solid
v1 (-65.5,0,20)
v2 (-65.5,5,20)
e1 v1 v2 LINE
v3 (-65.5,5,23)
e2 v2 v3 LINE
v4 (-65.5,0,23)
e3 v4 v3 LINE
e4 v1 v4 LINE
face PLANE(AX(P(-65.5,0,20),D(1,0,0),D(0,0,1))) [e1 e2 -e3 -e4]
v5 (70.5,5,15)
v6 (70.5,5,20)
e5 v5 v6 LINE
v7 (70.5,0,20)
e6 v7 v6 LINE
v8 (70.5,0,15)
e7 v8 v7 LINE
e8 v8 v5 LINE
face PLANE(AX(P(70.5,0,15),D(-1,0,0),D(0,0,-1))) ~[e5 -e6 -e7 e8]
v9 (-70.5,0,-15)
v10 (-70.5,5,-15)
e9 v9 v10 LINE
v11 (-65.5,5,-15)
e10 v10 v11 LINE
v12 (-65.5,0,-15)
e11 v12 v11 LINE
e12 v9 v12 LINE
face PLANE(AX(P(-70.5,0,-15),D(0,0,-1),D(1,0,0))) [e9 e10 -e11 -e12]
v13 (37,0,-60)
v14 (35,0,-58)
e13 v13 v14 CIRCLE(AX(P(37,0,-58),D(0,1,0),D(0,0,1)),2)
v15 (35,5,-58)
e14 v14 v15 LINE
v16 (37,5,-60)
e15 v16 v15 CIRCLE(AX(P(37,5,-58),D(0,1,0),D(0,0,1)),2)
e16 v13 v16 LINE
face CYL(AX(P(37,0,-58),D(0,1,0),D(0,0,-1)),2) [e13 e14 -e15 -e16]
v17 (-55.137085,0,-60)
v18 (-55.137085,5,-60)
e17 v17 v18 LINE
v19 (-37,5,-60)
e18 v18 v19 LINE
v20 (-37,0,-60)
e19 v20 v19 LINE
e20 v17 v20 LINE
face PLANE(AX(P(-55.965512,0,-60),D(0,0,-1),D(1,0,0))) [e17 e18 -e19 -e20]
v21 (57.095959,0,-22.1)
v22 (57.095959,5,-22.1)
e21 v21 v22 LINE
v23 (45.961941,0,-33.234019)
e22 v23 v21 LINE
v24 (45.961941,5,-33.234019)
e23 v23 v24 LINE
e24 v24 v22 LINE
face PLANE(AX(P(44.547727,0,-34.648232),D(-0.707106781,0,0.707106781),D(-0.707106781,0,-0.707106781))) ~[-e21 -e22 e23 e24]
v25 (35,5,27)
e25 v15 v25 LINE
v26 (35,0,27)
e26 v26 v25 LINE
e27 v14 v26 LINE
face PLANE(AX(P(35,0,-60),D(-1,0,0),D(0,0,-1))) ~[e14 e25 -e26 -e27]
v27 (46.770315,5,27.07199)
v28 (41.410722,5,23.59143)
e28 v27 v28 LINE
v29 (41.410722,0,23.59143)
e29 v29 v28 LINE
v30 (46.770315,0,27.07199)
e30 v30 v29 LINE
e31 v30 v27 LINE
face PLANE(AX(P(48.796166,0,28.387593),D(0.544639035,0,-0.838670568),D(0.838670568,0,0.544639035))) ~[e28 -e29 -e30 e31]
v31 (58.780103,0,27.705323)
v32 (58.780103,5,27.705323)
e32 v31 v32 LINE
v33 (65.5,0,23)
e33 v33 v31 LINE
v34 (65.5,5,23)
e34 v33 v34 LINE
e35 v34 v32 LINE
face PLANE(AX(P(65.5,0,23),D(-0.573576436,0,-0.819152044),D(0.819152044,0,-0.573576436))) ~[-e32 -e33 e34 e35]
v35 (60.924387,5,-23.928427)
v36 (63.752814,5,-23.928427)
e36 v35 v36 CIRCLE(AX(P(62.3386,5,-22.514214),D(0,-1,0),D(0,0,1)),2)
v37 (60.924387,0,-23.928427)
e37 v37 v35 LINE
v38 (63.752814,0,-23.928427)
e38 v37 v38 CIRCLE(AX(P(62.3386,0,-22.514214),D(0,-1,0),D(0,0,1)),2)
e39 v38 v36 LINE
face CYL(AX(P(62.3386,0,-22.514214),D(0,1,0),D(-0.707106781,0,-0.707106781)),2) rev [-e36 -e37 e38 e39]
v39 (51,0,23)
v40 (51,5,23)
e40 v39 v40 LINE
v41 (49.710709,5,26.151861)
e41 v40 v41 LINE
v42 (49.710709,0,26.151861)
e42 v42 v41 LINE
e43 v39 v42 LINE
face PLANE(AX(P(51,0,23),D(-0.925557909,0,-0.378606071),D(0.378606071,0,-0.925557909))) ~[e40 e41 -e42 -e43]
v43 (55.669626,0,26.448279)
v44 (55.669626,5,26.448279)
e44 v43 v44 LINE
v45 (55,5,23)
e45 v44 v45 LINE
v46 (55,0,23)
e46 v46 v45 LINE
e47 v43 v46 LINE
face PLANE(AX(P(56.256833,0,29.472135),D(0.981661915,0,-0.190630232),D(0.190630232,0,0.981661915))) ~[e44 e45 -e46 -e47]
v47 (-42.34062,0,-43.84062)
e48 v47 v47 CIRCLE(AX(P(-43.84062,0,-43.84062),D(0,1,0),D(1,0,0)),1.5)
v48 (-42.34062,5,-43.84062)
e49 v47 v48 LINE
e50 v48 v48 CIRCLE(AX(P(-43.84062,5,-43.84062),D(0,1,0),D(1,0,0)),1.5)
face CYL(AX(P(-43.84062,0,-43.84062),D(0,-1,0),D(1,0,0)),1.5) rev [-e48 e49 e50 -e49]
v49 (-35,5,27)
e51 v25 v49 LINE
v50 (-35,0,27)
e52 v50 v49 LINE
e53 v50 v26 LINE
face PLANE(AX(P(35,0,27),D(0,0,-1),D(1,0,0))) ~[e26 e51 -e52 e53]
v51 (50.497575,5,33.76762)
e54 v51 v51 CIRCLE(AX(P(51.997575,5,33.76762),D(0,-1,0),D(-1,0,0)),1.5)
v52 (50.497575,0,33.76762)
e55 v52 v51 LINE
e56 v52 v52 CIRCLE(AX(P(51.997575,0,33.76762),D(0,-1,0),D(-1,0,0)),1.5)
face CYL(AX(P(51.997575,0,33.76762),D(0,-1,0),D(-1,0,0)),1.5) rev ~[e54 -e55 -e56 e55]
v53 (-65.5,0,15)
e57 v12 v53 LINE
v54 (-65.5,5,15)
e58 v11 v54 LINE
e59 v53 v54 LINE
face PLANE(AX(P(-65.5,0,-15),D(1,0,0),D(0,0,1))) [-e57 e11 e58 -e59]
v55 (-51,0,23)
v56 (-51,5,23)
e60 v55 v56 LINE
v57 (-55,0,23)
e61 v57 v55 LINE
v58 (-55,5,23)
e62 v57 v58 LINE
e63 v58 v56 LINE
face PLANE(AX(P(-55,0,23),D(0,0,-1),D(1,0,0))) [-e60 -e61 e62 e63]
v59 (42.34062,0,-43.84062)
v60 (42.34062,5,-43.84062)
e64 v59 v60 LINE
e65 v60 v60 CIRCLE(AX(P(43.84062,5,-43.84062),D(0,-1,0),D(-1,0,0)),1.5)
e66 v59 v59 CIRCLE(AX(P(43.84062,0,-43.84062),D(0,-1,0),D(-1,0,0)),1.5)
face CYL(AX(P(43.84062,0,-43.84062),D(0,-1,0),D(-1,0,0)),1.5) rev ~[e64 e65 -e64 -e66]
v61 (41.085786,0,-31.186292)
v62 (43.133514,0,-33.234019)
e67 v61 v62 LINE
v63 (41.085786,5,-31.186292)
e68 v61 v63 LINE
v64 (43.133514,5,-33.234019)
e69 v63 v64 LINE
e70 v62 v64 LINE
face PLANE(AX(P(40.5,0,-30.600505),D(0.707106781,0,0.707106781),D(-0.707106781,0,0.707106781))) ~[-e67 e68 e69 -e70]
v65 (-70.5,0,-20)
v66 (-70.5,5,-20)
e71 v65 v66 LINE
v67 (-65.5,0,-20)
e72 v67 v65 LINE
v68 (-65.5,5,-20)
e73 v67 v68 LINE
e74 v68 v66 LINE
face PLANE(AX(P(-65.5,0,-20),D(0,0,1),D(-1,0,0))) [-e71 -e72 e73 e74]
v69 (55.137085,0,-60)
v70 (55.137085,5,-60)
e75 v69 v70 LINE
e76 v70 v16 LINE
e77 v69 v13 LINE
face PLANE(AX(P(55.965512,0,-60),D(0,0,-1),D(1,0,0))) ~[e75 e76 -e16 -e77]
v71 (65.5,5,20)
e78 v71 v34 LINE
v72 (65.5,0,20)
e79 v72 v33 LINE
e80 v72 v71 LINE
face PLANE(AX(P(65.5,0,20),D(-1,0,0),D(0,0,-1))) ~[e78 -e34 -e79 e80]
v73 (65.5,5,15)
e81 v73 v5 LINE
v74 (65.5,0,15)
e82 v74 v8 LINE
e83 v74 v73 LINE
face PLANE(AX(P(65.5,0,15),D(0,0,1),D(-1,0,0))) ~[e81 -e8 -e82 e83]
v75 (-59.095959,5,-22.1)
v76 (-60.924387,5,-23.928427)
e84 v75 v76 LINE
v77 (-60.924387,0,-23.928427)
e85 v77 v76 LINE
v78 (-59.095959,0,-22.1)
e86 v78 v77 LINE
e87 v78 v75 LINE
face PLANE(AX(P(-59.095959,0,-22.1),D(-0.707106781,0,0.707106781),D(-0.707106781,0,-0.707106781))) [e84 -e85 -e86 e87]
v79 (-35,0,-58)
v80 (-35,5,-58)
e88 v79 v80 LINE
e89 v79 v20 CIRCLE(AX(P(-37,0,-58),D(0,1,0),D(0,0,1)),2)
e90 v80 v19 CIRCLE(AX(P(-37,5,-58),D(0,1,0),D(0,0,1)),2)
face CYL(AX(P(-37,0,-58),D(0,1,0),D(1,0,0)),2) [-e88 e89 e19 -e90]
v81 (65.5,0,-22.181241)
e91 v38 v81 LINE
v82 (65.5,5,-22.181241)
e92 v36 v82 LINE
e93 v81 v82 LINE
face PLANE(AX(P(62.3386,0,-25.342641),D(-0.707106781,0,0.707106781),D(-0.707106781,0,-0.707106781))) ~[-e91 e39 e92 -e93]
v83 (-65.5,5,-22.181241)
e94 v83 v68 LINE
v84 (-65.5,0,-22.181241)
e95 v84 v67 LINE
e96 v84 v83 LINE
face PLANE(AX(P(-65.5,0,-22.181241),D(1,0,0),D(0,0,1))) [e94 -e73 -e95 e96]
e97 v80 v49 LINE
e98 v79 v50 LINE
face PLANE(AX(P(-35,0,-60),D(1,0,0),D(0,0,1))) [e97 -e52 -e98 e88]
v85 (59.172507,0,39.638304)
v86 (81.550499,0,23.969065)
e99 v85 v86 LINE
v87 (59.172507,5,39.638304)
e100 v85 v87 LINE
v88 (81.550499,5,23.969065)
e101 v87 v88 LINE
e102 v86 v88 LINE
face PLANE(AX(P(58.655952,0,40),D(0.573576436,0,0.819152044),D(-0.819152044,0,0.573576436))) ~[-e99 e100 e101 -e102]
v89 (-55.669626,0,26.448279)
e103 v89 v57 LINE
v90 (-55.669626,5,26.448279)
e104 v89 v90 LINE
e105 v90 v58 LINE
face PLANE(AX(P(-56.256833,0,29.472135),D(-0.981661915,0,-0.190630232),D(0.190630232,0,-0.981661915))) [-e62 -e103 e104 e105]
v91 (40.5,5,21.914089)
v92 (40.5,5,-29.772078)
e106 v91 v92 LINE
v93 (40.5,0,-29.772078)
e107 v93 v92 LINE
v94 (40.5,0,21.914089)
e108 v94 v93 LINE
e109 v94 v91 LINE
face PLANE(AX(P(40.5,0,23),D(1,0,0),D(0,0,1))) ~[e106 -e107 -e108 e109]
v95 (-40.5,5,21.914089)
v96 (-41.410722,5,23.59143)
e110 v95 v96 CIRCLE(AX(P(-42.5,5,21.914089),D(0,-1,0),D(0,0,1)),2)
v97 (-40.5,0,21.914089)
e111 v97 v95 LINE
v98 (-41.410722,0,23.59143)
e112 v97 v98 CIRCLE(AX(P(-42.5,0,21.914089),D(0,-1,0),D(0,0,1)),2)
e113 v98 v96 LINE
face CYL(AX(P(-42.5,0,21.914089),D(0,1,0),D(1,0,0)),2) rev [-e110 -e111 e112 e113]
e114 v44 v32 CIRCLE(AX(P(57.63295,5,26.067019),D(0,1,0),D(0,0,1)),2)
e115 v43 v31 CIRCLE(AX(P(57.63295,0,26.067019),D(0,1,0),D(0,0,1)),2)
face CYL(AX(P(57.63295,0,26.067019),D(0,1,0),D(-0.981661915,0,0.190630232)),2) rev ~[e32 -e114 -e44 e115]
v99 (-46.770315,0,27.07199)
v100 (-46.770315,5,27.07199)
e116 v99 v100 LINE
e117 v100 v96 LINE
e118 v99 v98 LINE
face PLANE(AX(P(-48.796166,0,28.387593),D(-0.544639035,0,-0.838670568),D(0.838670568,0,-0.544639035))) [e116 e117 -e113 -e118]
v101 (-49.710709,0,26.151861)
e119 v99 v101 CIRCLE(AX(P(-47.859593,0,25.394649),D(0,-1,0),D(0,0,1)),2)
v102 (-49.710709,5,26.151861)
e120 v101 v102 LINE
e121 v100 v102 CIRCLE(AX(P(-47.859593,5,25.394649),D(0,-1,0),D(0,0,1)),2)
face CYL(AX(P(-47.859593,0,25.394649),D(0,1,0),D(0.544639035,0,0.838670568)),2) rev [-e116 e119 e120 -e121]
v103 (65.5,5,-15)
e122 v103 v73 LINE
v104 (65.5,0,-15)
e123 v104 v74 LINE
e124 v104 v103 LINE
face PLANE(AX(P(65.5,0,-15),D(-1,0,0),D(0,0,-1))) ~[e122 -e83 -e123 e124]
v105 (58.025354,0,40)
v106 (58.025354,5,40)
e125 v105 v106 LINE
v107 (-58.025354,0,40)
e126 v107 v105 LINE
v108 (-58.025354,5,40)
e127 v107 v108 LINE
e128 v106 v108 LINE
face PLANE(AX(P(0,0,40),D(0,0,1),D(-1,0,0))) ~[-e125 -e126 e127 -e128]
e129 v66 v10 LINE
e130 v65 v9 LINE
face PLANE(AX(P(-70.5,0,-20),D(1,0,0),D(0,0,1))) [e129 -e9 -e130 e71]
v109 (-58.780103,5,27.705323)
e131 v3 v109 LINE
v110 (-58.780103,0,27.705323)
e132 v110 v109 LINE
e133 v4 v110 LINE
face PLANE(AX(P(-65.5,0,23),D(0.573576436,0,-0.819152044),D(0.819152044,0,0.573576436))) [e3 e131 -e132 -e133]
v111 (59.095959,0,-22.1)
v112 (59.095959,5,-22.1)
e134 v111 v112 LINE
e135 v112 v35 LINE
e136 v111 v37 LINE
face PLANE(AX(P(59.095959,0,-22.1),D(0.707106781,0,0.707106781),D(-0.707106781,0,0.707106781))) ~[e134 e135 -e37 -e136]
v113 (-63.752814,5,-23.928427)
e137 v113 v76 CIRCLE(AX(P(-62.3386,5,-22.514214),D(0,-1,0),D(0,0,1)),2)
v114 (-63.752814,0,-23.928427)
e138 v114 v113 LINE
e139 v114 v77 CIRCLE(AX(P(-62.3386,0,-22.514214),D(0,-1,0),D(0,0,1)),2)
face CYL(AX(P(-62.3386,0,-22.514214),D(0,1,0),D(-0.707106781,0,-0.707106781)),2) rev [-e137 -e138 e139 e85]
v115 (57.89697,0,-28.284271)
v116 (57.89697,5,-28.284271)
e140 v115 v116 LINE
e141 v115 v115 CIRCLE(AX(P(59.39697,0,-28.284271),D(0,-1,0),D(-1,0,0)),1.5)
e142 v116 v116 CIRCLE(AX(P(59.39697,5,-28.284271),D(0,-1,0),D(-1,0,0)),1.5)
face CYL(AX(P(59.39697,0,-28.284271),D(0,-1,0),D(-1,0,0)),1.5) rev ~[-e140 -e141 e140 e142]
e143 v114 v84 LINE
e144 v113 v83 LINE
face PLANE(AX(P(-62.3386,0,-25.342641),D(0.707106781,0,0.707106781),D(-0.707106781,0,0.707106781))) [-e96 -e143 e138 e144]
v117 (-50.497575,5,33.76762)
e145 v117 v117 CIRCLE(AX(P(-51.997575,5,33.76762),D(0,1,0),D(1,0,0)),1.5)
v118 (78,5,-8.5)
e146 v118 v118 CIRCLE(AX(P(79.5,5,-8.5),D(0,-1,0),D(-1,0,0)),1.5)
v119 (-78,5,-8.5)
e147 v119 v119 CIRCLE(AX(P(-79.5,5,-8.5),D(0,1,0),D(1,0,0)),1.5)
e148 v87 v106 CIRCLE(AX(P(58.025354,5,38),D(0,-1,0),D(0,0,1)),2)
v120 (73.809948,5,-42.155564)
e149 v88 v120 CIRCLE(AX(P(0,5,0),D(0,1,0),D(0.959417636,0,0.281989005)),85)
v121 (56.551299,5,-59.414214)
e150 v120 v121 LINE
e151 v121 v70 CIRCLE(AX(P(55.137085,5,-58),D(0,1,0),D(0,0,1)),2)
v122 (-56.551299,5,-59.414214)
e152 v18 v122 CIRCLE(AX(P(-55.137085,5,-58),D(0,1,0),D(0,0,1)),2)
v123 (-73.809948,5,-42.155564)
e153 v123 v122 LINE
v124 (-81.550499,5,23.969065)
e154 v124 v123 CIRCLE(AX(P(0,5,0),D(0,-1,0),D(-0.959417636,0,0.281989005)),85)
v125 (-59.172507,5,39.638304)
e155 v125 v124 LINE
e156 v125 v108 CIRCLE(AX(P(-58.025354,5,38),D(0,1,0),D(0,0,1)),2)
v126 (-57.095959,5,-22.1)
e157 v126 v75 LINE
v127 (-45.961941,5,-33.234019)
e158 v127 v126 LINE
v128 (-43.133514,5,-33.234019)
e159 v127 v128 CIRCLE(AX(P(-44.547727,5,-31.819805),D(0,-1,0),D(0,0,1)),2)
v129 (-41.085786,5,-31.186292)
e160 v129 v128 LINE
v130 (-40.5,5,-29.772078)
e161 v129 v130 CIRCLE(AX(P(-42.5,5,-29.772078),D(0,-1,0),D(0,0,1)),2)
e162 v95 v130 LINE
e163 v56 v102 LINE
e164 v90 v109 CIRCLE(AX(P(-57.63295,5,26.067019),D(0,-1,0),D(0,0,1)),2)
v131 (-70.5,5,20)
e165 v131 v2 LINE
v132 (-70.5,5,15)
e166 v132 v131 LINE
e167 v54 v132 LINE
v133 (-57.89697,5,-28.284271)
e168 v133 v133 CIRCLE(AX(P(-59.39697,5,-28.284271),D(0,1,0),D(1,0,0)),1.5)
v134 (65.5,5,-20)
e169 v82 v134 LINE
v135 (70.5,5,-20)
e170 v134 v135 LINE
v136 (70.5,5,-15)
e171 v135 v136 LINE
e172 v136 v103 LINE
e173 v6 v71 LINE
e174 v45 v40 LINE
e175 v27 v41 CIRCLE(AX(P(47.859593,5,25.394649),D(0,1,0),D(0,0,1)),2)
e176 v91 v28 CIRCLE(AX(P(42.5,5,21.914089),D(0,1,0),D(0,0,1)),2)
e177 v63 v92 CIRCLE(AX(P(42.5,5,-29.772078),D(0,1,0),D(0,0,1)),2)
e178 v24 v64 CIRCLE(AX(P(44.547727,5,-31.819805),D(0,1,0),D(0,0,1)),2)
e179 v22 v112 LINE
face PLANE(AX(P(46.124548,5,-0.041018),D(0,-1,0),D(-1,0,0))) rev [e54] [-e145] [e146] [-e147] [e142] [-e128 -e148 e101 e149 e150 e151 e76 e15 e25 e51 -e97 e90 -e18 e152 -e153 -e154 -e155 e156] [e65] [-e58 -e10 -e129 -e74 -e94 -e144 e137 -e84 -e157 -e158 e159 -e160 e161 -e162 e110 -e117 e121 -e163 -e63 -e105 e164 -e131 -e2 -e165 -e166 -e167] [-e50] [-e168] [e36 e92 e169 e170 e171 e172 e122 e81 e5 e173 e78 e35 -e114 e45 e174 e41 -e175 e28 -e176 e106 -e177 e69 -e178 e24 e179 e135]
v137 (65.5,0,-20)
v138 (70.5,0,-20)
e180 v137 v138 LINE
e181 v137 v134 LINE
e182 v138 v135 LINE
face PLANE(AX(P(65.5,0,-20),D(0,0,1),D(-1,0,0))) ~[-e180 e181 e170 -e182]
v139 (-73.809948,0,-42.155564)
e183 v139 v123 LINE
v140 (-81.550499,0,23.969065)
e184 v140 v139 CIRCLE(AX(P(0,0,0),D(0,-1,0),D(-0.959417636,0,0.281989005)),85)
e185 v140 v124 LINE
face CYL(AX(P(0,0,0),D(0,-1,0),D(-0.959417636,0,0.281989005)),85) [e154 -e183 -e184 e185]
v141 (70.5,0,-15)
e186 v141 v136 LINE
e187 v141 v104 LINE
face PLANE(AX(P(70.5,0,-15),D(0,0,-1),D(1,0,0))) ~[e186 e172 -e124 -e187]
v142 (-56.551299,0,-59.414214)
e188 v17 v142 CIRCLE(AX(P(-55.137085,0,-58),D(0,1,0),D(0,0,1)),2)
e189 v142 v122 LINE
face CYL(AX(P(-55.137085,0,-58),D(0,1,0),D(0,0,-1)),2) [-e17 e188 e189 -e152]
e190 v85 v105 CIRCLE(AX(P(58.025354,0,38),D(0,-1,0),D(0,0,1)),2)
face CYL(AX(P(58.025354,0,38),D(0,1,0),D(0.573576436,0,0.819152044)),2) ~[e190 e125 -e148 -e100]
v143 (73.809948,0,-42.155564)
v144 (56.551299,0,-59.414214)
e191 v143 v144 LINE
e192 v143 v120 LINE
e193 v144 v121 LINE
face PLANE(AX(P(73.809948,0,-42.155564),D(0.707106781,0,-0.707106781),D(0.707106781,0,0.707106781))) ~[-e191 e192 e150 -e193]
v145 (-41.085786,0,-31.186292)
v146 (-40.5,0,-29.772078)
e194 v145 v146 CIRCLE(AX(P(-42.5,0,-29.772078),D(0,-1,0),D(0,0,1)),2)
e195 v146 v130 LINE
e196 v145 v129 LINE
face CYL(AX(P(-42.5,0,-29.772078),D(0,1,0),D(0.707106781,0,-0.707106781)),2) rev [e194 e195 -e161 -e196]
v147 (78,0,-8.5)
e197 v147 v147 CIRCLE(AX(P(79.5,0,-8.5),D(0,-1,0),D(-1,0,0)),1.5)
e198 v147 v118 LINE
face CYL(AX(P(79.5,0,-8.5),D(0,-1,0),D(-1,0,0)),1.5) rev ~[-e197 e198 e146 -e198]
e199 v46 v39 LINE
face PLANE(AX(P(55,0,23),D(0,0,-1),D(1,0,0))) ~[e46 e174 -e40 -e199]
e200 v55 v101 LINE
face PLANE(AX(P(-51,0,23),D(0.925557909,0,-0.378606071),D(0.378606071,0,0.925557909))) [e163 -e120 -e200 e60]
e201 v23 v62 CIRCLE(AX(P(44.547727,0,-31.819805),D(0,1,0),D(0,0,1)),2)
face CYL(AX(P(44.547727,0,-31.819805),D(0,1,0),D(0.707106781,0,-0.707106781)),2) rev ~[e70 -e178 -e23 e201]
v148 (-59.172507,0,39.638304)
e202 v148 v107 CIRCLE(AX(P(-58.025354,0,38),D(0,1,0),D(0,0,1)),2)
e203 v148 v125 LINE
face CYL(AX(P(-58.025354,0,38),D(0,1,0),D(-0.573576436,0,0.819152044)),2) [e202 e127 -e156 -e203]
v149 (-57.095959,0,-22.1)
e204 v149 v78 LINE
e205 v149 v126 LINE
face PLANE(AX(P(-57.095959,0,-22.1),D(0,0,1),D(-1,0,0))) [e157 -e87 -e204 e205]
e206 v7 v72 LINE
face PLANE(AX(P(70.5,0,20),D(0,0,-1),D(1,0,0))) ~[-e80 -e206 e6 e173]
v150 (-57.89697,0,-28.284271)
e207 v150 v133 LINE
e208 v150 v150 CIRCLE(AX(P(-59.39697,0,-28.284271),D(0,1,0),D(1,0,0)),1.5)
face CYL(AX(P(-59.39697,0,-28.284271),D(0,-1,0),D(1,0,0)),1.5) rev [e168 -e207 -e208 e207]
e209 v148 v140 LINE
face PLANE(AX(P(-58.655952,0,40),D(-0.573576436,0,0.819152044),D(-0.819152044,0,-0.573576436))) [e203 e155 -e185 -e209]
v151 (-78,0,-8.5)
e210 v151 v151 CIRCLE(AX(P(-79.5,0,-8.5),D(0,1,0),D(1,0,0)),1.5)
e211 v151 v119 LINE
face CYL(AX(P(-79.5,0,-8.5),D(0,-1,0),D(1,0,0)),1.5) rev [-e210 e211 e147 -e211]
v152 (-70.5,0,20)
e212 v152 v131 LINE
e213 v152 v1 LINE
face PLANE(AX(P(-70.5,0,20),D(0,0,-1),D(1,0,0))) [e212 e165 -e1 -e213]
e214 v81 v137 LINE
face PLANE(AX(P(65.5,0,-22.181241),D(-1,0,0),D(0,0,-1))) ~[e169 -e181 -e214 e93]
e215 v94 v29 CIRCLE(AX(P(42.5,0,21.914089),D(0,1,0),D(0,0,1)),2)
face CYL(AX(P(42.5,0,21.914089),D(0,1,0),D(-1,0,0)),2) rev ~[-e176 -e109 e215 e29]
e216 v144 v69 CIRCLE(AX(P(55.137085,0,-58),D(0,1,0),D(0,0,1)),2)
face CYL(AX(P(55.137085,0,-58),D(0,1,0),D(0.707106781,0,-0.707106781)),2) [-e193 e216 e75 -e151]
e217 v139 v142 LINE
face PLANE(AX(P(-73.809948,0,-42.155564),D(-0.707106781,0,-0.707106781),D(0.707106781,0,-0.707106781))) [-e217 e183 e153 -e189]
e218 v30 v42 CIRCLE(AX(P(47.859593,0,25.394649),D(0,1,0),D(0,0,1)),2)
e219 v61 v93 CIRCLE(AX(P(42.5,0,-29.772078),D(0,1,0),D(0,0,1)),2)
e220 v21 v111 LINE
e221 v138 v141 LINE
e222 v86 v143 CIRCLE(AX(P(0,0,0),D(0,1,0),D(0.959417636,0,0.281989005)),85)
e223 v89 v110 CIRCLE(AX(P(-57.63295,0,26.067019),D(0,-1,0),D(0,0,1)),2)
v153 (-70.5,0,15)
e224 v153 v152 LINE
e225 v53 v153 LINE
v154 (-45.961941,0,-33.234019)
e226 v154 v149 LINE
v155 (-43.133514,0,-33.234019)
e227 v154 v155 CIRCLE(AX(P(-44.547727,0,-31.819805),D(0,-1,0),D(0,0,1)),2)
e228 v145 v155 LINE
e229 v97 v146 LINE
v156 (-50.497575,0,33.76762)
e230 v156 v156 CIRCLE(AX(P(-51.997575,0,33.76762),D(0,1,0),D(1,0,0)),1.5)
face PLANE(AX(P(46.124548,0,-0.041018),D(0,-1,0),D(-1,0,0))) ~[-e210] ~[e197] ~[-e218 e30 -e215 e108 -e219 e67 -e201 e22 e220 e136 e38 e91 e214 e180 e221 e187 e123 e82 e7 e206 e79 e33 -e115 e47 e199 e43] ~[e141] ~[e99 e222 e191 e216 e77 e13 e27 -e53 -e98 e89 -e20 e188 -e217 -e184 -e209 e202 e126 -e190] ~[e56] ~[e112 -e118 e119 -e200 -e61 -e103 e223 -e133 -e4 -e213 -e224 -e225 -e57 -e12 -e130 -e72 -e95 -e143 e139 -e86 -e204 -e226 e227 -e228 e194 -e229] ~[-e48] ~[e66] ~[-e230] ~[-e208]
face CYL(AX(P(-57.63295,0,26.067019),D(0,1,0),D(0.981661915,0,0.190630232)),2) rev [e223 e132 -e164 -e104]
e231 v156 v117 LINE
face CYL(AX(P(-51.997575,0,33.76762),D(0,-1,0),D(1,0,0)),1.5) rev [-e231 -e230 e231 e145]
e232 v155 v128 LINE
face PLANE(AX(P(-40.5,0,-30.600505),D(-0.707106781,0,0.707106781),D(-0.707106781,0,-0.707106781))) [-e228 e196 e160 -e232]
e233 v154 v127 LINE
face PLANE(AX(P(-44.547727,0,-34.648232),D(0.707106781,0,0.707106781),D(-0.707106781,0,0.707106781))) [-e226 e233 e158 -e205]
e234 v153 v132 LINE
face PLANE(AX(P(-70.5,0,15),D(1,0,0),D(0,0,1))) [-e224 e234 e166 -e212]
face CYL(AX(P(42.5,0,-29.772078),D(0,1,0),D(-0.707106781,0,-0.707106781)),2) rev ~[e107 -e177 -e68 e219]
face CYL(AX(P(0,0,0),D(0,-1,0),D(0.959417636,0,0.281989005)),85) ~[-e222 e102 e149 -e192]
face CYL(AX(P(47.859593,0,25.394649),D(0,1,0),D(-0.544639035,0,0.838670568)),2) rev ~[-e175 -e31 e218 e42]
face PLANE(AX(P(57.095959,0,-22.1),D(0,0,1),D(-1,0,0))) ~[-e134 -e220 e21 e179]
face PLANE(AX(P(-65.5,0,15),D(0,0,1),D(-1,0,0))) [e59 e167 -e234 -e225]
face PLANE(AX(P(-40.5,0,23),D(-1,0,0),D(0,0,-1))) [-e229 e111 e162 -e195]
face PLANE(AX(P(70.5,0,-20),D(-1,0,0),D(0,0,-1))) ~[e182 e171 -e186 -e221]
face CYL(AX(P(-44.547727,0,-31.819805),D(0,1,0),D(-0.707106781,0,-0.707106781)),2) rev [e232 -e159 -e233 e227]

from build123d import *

# Parameters (mm, degrees)
SKETCH1_R            = 1.5
BOSS_EXTRUDE1_DEPTH  = 5
FILLET1_R            = 2
FILLET1_OF_MIRROR1_R = 2
FILLET2_R            = 2


with BuildPart() as part:
    # Sketch1 → Boss-Extrude1 (new body)
    with BuildSketch(Plane(origin=(0, 0, 0), x_dir=(1, 0, 0), z_dir=(0, 1, 0))):
        with BuildLine():
            Line((-58.655951842, -40), (-81.550499093, -23.96906543))
            ThreePointArc((-81.550499093, -23.96906543), (-84.423538078, 9.882622039), (-73.809947849, 42.155564266))
            Line((-73.809947849, 42.155564266), (-55.965512115, 60))
            Line((-55.965512115, 60), (-35, 60))
            Line((-35, 60), (-35, -27))
            Line((-35, -27), (0, -27))
            Line((0, -27), (0, -40))
            Line((0, -40), (-58.655951842, -40))
        make_face()
        with Locations((-43.840620434, 43.840620434)):
            Circle(SKETCH1_R, mode=Mode.SUBTRACT)
        with Locations((-51.997575213, -33.767620171)):
            Circle(SKETCH1_R, mode=Mode.SUBTRACT)
        with Locations((-59.39696962, 28.284271247)):
            Circle(SKETCH1_R, mode=Mode.SUBTRACT)
        with Locations((-79.5, 8.5)):
            Circle(SKETCH1_R, mode=Mode.SUBTRACT)
        Polygon((-65.5, 22.181240867), (-65.5, 20), (-70.5, 20), (-70.5, 15), (-65.5, 15), (-65.5, -15), (-70.5, -15), (-70.5, -20), (-65.5, -20), (-65.5, -23), (-56.256832596, -29.472135493), (-55, -23), (-51, -23), (-48.796166422, -28.387593469), (-40.5, -23), (-40.5, 30.600505063), (-44.547727215, 34.648232278), (-57.095959493, 22.1), (-59.095959493, 22.1), (-62.33860018, 25.342640687), align=None, mode=Mode.SUBTRACT)
    boss_extrude1 = extrude(amount=BOSS_EXTRUDE1_DEPTH)

    # Fillet1
    fillet1_edges = [part.edges().sort_by_distance(p)[0] for p in [
        (-44.547727215, 2.5, -34.648232278),
        (-62.33860018, 2.5, -25.342640687),
        (-56.256832596, 2.5, 29.472135493),
        (-48.796166422, 2.5, 28.387593469),
        (-40.5, 2.5, 23),
        (-40.5, 2.5, -30.600505063),
    ]]
    fillet(fillet1_edges, radius=FILLET1_R)

    # Mirror1: Boss-Extrude1 across plane
    add(boss_extrude1.mirror(Plane(origin=(0, 0, 0), x_dir=(0, 0, 1), z_dir=(1, 0, 0))))

    # Fillet1 of Mirror1
    fillet1_of_mirror1_edges = [part.edges().sort_by_distance(p)[0] for p in [
        (44.547727215, 2.5, -34.648232278),
        (62.33860018, 2.5, -25.342640687),
        (56.256832596, 2.5, 29.472135493),
        (48.796166422, 2.5, 28.387593469),
        (40.5, 2.5, 23),
        (40.5, 2.5, -30.600505063),
    ]]
    fillet(fillet1_of_mirror1_edges, radius=FILLET1_OF_MIRROR1_R)

    # Fillet2
    fillet2_edges = [part.edges().sort_by_distance(p)[0] for p in [
        (-55.965512115, 2.5, -60),
        (-35, 2.5, -60),
        (-58.655951842, 2.5, 40),
        (55.965512115, 2.5, -60),
        (35, 2.5, -60),
        (58.655951842, 2.5, 40),
    ]]
    fillet(fillet2_edges, radius=FILLET2_R)


solid = part.part
